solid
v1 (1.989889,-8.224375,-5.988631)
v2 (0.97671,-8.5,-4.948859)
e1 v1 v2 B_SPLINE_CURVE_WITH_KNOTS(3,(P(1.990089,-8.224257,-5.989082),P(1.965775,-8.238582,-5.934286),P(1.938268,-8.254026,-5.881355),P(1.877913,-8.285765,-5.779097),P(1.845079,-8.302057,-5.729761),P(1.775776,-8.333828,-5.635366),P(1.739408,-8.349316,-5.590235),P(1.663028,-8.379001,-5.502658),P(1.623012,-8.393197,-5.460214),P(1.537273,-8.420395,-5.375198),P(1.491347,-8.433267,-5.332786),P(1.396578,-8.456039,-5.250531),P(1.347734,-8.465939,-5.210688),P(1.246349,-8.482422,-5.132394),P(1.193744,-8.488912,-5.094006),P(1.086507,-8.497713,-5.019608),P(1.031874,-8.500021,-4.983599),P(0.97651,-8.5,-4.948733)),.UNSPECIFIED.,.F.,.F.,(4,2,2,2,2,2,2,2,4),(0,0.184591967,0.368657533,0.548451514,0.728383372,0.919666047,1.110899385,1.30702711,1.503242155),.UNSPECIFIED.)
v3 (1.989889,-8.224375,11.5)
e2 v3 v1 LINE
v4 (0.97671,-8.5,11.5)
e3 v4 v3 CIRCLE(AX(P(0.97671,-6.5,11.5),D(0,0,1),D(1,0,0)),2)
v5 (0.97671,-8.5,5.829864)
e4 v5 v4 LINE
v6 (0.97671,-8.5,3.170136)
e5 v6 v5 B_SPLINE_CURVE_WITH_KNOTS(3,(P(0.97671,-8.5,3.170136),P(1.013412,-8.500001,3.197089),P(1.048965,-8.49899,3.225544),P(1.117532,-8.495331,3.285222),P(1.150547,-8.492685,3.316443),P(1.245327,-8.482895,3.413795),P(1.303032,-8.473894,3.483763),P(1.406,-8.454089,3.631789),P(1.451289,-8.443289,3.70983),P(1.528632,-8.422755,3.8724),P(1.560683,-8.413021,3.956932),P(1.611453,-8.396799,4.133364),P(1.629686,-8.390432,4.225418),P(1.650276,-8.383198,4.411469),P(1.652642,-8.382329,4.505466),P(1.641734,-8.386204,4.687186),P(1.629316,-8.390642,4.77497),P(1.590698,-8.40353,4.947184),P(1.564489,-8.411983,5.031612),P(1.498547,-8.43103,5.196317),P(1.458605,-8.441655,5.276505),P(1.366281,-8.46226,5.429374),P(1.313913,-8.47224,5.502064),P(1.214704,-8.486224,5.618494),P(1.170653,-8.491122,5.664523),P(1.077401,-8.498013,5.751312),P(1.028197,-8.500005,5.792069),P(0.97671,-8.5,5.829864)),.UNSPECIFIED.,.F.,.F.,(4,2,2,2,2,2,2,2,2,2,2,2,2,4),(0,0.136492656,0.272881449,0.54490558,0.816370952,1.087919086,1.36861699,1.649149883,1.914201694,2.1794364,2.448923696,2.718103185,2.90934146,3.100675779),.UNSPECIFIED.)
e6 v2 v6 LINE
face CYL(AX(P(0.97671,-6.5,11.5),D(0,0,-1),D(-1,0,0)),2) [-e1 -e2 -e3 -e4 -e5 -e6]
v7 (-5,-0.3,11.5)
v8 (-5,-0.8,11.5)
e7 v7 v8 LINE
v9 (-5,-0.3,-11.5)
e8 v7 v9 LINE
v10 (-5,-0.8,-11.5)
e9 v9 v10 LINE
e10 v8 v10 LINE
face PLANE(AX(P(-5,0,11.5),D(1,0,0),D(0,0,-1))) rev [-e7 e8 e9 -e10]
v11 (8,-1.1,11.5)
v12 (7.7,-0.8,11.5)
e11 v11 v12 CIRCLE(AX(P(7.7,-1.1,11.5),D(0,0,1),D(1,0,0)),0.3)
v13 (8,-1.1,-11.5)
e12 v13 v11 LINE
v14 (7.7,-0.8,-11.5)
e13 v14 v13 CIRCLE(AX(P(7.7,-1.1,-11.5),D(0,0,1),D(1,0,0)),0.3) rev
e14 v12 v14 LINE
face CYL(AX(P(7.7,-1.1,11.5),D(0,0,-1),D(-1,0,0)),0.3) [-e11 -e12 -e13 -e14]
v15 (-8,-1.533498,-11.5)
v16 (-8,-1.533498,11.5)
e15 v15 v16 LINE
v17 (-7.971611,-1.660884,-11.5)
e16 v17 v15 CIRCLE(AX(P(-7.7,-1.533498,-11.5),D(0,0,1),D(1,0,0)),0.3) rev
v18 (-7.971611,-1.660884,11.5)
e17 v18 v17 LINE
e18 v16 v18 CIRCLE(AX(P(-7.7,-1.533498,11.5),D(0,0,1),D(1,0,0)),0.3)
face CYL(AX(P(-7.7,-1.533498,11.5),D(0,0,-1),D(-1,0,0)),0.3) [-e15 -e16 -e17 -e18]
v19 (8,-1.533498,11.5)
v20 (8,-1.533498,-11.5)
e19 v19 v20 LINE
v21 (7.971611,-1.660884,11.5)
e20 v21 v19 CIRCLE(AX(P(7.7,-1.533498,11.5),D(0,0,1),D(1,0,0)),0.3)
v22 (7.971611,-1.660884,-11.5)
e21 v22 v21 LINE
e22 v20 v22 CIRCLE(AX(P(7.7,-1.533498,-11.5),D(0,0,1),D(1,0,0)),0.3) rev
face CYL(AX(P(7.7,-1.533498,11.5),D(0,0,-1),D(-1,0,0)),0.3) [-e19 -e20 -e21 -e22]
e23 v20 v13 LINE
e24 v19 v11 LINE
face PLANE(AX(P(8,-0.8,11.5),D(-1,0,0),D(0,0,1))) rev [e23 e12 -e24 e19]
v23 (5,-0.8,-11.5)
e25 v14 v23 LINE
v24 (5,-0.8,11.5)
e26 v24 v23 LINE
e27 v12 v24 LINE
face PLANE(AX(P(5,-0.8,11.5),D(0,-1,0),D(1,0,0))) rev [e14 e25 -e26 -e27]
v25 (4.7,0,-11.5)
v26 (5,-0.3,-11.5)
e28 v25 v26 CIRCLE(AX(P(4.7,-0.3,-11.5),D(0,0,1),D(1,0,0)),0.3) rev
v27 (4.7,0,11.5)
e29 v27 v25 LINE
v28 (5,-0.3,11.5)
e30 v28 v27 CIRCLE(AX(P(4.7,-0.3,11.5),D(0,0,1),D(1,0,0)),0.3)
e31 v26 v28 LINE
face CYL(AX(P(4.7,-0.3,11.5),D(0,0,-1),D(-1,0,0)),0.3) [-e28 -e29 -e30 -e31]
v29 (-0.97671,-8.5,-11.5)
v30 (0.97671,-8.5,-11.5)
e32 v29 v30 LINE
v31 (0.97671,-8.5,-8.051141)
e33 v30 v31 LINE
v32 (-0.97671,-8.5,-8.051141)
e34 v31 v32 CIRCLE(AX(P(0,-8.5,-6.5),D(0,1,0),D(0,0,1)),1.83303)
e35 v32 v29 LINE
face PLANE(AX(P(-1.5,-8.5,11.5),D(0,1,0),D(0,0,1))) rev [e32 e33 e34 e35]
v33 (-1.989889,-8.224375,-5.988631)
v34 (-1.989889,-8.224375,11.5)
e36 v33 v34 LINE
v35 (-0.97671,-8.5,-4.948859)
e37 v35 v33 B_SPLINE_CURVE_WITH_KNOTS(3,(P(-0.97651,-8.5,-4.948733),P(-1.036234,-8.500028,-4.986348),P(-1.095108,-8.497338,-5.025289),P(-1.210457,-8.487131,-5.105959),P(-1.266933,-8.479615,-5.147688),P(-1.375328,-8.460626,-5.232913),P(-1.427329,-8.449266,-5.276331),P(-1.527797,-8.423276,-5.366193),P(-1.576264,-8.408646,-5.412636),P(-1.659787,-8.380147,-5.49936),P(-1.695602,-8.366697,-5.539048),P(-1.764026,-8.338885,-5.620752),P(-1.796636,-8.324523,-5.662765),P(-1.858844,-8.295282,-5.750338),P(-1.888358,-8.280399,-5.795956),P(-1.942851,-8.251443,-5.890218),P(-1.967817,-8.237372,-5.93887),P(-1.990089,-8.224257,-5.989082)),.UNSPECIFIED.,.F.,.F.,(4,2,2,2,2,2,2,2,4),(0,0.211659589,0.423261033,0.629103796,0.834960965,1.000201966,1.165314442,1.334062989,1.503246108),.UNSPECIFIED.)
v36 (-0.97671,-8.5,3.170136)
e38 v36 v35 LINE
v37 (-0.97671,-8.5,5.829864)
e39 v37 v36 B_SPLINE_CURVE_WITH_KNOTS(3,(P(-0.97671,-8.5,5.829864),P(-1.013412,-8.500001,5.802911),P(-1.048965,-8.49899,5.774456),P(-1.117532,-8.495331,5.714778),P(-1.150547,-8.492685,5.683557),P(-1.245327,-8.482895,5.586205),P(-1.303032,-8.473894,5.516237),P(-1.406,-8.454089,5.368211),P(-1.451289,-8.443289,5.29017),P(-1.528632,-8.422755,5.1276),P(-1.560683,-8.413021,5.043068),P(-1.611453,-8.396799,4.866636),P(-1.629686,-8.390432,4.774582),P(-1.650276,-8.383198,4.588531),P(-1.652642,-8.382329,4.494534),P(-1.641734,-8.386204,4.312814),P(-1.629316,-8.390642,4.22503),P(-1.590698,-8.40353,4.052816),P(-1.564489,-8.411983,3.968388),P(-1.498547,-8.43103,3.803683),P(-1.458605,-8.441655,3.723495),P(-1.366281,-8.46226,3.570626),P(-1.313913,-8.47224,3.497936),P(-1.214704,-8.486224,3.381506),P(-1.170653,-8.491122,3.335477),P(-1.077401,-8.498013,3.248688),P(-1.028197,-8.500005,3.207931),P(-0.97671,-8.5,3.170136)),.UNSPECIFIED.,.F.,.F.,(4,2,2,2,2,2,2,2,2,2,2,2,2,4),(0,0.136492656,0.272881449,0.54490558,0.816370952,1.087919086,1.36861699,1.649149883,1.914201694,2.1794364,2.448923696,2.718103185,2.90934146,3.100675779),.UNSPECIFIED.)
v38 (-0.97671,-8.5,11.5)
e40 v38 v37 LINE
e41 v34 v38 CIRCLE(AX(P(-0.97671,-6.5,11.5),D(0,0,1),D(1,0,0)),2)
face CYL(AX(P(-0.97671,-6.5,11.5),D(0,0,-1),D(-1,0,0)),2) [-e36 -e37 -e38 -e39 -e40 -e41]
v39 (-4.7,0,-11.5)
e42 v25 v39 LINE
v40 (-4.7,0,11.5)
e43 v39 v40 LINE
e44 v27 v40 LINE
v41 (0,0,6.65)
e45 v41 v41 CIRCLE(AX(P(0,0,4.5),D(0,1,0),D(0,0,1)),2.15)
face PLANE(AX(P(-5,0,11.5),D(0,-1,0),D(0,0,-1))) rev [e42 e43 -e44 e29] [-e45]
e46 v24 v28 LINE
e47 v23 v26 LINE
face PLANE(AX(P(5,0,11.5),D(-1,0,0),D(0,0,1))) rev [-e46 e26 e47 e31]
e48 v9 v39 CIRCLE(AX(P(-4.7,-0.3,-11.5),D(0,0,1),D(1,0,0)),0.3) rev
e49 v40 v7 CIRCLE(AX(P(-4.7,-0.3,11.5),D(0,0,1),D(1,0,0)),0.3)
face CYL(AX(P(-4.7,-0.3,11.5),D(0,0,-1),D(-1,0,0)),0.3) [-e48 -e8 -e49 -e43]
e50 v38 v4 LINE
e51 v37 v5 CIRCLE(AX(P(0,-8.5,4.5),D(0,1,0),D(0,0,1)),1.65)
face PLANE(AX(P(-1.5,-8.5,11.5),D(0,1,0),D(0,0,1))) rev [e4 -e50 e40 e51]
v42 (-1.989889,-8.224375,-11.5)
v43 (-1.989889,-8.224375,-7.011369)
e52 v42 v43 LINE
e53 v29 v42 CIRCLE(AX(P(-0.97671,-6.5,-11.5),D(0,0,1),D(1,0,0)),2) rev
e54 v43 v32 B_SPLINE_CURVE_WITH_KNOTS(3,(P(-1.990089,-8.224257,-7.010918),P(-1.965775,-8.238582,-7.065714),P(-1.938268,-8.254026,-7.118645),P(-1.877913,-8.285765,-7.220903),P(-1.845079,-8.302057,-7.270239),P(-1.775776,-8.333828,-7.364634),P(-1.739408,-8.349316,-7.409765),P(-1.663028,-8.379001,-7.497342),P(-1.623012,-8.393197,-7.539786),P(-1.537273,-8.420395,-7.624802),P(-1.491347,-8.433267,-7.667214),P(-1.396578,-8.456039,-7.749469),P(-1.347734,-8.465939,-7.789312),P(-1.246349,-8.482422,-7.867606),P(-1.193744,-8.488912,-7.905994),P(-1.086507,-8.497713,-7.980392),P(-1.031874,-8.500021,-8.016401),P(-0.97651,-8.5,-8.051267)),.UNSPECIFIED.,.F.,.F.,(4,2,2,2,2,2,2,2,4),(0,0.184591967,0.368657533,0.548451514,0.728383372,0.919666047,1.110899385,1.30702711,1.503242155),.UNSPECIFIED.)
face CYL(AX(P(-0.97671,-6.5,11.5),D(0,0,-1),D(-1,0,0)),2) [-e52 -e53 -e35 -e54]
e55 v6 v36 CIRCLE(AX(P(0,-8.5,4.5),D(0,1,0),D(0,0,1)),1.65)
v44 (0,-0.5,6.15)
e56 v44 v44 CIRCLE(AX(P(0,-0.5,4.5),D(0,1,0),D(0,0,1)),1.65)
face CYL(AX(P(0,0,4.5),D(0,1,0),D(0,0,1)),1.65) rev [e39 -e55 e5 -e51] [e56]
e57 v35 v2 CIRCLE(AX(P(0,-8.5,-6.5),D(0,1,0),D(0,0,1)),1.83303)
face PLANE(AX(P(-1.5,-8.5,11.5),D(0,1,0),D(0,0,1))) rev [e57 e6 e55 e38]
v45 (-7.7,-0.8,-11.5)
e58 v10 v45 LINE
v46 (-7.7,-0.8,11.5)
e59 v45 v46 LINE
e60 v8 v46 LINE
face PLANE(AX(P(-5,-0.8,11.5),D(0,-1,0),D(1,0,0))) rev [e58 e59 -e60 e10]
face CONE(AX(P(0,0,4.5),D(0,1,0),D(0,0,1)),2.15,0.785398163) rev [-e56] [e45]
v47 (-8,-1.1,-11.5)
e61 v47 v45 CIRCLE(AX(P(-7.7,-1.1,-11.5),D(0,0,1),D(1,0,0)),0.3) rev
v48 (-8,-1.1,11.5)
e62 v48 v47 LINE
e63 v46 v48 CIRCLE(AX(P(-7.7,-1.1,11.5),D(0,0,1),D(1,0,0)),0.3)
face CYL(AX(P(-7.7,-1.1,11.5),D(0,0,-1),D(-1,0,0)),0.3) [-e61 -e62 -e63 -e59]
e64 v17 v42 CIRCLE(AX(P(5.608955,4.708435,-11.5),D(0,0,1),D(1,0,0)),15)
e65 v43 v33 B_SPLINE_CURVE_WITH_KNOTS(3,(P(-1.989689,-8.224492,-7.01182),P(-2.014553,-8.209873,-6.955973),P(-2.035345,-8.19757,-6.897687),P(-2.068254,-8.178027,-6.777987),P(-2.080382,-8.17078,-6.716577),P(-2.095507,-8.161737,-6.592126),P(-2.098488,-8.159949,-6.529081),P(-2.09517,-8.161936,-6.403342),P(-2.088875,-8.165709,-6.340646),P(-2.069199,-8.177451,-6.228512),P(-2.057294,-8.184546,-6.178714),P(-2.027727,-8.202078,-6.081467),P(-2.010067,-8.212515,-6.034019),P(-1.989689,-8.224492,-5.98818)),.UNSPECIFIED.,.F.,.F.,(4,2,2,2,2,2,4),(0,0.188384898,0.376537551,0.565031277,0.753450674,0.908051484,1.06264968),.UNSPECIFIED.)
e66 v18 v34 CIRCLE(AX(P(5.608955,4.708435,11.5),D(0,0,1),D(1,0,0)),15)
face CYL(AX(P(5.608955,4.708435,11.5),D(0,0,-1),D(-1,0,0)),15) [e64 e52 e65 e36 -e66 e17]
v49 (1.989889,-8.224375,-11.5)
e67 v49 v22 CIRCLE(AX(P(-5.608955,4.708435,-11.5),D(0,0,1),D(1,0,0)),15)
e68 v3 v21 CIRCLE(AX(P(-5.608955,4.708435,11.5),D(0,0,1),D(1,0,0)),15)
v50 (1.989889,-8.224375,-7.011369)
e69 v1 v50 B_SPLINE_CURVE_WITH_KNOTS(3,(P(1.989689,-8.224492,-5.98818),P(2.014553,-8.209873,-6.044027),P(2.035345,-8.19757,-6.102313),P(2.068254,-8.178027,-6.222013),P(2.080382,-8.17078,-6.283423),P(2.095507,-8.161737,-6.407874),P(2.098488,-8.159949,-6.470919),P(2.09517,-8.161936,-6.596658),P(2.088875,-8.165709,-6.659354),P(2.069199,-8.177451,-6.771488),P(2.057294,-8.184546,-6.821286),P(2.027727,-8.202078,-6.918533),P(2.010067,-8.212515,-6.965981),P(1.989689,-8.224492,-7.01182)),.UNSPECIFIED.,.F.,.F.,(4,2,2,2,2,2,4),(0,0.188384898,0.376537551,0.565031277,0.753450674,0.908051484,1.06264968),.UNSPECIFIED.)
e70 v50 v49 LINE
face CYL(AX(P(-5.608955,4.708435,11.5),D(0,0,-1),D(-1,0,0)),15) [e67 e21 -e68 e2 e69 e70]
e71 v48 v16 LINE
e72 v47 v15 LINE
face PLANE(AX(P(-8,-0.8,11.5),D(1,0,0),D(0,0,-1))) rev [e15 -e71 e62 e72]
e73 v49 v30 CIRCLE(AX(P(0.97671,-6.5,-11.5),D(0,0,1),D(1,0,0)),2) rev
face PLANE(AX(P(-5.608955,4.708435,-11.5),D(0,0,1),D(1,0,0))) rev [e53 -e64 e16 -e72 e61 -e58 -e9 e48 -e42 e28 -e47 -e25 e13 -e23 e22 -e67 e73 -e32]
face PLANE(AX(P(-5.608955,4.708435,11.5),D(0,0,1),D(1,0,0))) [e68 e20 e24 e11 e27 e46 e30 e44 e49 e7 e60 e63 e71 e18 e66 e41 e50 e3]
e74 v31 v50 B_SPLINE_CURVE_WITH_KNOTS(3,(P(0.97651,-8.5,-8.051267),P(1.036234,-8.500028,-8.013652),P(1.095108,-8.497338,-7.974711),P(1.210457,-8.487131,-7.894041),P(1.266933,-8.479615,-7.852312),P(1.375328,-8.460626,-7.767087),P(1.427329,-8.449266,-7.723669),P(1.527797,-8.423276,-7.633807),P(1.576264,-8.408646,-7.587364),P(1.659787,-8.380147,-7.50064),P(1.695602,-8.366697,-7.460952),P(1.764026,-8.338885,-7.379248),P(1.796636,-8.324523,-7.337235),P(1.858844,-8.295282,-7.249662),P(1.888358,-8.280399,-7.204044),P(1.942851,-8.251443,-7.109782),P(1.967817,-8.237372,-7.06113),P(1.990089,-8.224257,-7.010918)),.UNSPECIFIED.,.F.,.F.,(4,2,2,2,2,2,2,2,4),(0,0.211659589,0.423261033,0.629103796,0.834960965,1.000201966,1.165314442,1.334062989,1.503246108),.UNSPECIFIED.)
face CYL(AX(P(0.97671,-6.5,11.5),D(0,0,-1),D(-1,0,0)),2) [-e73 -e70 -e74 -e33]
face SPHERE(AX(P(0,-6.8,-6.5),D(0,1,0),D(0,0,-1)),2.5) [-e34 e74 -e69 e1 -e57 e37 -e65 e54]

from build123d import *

# Parameters (mm, degrees)
EXTRUDE_1_DEPTH             = 11.5
FILLET_1_R                  = 0.3
FILLET_2_R                  = 2
HOLE_WIZARD_M42_D           = 3.3
HOLE_WIZARD_M42_CSINK_D     = 4.3
HOLE_WIZARD_M42_CSINK_ANGLE = 90


with BuildPart() as part:
    # Эскиз1 → Бобышка-Вытянуть1 (new body, symmetric)
    with BuildSketch(Plane.XY):
        with BuildLine():
            Line((-5, 0), (5, 0))
            Line((5, 0), (5, -0.8))
            Line((5, -0.8), (8, -0.8))
            Line((8, -0.8), (8, -1.6))
            ThreePointArc((8, -1.6), (5.309398779, -5.576969864), (1.5, -8.5))
            Line((1.5, -8.5), (-1.5, -8.5))
            ThreePointArc((-1.5, -8.5), (-5.309398779, -5.576969864), (-8, -1.6))
            Line((-8, -1.6), (-8, -0.8))
            Line((-8, -0.8), (-5, -0.8))
            Line((-5, -0.8), (-5, 0))
        make_face()
    extrude(amount=EXTRUDE_1_DEPTH, both=True)

    # Скругление1
    fillet_1_edges = [part.edges().sort_by_distance(p)[0] for p in [
        (8, -0.8, 0),
        (8, -1.6, 0),
        (-8, -1.6, 0),
        (-8, -0.8, 0),
        (-5, 0, 0),
        (5, 0, 0),
    ]]
    fillet(fillet_1_edges, radius=FILLET_1_R)

    # Скругление2
    fillet_2_edges = [part.edges().sort_by_distance(p)[0] for p in [
        (1.5, -8.5, 0),
        (-1.5, -8.5, 0),
    ]]
    fillet(fillet_2_edges, radius=FILLET_2_R)

    # Отверстие обработанное метчиком M42 (through all)
    with Locations(Plane(origin=(0, 0, 0), x_dir=(1, 0, 0), z_dir=(0, 1, 0))):
        with Locations((0, -4.5)):
            CounterSinkHole(HOLE_WIZARD_M42_D / 2, HOLE_WIZARD_M42_CSINK_D / 2, counter_sink_angle=HOLE_WIZARD_M42_CSINK_ANGLE)

    # Эскиз5 → Повернуть1 (revolve)
    with BuildSketch(Plane(origin=(0, 0, 0), x_dir=(0, 0, -1), z_dir=(1, 0, 0))):
        with BuildLine():
            Line((6.5, -4.3), (6.5, -9.3))
            ThreePointArc((6.5, -9.3), (4, -6.8), (6.5, -4.3))
        make_face()
    revolve(axis=Axis((0, -4.3, -6.5), (0, -1, 0)))


solid = part.part
